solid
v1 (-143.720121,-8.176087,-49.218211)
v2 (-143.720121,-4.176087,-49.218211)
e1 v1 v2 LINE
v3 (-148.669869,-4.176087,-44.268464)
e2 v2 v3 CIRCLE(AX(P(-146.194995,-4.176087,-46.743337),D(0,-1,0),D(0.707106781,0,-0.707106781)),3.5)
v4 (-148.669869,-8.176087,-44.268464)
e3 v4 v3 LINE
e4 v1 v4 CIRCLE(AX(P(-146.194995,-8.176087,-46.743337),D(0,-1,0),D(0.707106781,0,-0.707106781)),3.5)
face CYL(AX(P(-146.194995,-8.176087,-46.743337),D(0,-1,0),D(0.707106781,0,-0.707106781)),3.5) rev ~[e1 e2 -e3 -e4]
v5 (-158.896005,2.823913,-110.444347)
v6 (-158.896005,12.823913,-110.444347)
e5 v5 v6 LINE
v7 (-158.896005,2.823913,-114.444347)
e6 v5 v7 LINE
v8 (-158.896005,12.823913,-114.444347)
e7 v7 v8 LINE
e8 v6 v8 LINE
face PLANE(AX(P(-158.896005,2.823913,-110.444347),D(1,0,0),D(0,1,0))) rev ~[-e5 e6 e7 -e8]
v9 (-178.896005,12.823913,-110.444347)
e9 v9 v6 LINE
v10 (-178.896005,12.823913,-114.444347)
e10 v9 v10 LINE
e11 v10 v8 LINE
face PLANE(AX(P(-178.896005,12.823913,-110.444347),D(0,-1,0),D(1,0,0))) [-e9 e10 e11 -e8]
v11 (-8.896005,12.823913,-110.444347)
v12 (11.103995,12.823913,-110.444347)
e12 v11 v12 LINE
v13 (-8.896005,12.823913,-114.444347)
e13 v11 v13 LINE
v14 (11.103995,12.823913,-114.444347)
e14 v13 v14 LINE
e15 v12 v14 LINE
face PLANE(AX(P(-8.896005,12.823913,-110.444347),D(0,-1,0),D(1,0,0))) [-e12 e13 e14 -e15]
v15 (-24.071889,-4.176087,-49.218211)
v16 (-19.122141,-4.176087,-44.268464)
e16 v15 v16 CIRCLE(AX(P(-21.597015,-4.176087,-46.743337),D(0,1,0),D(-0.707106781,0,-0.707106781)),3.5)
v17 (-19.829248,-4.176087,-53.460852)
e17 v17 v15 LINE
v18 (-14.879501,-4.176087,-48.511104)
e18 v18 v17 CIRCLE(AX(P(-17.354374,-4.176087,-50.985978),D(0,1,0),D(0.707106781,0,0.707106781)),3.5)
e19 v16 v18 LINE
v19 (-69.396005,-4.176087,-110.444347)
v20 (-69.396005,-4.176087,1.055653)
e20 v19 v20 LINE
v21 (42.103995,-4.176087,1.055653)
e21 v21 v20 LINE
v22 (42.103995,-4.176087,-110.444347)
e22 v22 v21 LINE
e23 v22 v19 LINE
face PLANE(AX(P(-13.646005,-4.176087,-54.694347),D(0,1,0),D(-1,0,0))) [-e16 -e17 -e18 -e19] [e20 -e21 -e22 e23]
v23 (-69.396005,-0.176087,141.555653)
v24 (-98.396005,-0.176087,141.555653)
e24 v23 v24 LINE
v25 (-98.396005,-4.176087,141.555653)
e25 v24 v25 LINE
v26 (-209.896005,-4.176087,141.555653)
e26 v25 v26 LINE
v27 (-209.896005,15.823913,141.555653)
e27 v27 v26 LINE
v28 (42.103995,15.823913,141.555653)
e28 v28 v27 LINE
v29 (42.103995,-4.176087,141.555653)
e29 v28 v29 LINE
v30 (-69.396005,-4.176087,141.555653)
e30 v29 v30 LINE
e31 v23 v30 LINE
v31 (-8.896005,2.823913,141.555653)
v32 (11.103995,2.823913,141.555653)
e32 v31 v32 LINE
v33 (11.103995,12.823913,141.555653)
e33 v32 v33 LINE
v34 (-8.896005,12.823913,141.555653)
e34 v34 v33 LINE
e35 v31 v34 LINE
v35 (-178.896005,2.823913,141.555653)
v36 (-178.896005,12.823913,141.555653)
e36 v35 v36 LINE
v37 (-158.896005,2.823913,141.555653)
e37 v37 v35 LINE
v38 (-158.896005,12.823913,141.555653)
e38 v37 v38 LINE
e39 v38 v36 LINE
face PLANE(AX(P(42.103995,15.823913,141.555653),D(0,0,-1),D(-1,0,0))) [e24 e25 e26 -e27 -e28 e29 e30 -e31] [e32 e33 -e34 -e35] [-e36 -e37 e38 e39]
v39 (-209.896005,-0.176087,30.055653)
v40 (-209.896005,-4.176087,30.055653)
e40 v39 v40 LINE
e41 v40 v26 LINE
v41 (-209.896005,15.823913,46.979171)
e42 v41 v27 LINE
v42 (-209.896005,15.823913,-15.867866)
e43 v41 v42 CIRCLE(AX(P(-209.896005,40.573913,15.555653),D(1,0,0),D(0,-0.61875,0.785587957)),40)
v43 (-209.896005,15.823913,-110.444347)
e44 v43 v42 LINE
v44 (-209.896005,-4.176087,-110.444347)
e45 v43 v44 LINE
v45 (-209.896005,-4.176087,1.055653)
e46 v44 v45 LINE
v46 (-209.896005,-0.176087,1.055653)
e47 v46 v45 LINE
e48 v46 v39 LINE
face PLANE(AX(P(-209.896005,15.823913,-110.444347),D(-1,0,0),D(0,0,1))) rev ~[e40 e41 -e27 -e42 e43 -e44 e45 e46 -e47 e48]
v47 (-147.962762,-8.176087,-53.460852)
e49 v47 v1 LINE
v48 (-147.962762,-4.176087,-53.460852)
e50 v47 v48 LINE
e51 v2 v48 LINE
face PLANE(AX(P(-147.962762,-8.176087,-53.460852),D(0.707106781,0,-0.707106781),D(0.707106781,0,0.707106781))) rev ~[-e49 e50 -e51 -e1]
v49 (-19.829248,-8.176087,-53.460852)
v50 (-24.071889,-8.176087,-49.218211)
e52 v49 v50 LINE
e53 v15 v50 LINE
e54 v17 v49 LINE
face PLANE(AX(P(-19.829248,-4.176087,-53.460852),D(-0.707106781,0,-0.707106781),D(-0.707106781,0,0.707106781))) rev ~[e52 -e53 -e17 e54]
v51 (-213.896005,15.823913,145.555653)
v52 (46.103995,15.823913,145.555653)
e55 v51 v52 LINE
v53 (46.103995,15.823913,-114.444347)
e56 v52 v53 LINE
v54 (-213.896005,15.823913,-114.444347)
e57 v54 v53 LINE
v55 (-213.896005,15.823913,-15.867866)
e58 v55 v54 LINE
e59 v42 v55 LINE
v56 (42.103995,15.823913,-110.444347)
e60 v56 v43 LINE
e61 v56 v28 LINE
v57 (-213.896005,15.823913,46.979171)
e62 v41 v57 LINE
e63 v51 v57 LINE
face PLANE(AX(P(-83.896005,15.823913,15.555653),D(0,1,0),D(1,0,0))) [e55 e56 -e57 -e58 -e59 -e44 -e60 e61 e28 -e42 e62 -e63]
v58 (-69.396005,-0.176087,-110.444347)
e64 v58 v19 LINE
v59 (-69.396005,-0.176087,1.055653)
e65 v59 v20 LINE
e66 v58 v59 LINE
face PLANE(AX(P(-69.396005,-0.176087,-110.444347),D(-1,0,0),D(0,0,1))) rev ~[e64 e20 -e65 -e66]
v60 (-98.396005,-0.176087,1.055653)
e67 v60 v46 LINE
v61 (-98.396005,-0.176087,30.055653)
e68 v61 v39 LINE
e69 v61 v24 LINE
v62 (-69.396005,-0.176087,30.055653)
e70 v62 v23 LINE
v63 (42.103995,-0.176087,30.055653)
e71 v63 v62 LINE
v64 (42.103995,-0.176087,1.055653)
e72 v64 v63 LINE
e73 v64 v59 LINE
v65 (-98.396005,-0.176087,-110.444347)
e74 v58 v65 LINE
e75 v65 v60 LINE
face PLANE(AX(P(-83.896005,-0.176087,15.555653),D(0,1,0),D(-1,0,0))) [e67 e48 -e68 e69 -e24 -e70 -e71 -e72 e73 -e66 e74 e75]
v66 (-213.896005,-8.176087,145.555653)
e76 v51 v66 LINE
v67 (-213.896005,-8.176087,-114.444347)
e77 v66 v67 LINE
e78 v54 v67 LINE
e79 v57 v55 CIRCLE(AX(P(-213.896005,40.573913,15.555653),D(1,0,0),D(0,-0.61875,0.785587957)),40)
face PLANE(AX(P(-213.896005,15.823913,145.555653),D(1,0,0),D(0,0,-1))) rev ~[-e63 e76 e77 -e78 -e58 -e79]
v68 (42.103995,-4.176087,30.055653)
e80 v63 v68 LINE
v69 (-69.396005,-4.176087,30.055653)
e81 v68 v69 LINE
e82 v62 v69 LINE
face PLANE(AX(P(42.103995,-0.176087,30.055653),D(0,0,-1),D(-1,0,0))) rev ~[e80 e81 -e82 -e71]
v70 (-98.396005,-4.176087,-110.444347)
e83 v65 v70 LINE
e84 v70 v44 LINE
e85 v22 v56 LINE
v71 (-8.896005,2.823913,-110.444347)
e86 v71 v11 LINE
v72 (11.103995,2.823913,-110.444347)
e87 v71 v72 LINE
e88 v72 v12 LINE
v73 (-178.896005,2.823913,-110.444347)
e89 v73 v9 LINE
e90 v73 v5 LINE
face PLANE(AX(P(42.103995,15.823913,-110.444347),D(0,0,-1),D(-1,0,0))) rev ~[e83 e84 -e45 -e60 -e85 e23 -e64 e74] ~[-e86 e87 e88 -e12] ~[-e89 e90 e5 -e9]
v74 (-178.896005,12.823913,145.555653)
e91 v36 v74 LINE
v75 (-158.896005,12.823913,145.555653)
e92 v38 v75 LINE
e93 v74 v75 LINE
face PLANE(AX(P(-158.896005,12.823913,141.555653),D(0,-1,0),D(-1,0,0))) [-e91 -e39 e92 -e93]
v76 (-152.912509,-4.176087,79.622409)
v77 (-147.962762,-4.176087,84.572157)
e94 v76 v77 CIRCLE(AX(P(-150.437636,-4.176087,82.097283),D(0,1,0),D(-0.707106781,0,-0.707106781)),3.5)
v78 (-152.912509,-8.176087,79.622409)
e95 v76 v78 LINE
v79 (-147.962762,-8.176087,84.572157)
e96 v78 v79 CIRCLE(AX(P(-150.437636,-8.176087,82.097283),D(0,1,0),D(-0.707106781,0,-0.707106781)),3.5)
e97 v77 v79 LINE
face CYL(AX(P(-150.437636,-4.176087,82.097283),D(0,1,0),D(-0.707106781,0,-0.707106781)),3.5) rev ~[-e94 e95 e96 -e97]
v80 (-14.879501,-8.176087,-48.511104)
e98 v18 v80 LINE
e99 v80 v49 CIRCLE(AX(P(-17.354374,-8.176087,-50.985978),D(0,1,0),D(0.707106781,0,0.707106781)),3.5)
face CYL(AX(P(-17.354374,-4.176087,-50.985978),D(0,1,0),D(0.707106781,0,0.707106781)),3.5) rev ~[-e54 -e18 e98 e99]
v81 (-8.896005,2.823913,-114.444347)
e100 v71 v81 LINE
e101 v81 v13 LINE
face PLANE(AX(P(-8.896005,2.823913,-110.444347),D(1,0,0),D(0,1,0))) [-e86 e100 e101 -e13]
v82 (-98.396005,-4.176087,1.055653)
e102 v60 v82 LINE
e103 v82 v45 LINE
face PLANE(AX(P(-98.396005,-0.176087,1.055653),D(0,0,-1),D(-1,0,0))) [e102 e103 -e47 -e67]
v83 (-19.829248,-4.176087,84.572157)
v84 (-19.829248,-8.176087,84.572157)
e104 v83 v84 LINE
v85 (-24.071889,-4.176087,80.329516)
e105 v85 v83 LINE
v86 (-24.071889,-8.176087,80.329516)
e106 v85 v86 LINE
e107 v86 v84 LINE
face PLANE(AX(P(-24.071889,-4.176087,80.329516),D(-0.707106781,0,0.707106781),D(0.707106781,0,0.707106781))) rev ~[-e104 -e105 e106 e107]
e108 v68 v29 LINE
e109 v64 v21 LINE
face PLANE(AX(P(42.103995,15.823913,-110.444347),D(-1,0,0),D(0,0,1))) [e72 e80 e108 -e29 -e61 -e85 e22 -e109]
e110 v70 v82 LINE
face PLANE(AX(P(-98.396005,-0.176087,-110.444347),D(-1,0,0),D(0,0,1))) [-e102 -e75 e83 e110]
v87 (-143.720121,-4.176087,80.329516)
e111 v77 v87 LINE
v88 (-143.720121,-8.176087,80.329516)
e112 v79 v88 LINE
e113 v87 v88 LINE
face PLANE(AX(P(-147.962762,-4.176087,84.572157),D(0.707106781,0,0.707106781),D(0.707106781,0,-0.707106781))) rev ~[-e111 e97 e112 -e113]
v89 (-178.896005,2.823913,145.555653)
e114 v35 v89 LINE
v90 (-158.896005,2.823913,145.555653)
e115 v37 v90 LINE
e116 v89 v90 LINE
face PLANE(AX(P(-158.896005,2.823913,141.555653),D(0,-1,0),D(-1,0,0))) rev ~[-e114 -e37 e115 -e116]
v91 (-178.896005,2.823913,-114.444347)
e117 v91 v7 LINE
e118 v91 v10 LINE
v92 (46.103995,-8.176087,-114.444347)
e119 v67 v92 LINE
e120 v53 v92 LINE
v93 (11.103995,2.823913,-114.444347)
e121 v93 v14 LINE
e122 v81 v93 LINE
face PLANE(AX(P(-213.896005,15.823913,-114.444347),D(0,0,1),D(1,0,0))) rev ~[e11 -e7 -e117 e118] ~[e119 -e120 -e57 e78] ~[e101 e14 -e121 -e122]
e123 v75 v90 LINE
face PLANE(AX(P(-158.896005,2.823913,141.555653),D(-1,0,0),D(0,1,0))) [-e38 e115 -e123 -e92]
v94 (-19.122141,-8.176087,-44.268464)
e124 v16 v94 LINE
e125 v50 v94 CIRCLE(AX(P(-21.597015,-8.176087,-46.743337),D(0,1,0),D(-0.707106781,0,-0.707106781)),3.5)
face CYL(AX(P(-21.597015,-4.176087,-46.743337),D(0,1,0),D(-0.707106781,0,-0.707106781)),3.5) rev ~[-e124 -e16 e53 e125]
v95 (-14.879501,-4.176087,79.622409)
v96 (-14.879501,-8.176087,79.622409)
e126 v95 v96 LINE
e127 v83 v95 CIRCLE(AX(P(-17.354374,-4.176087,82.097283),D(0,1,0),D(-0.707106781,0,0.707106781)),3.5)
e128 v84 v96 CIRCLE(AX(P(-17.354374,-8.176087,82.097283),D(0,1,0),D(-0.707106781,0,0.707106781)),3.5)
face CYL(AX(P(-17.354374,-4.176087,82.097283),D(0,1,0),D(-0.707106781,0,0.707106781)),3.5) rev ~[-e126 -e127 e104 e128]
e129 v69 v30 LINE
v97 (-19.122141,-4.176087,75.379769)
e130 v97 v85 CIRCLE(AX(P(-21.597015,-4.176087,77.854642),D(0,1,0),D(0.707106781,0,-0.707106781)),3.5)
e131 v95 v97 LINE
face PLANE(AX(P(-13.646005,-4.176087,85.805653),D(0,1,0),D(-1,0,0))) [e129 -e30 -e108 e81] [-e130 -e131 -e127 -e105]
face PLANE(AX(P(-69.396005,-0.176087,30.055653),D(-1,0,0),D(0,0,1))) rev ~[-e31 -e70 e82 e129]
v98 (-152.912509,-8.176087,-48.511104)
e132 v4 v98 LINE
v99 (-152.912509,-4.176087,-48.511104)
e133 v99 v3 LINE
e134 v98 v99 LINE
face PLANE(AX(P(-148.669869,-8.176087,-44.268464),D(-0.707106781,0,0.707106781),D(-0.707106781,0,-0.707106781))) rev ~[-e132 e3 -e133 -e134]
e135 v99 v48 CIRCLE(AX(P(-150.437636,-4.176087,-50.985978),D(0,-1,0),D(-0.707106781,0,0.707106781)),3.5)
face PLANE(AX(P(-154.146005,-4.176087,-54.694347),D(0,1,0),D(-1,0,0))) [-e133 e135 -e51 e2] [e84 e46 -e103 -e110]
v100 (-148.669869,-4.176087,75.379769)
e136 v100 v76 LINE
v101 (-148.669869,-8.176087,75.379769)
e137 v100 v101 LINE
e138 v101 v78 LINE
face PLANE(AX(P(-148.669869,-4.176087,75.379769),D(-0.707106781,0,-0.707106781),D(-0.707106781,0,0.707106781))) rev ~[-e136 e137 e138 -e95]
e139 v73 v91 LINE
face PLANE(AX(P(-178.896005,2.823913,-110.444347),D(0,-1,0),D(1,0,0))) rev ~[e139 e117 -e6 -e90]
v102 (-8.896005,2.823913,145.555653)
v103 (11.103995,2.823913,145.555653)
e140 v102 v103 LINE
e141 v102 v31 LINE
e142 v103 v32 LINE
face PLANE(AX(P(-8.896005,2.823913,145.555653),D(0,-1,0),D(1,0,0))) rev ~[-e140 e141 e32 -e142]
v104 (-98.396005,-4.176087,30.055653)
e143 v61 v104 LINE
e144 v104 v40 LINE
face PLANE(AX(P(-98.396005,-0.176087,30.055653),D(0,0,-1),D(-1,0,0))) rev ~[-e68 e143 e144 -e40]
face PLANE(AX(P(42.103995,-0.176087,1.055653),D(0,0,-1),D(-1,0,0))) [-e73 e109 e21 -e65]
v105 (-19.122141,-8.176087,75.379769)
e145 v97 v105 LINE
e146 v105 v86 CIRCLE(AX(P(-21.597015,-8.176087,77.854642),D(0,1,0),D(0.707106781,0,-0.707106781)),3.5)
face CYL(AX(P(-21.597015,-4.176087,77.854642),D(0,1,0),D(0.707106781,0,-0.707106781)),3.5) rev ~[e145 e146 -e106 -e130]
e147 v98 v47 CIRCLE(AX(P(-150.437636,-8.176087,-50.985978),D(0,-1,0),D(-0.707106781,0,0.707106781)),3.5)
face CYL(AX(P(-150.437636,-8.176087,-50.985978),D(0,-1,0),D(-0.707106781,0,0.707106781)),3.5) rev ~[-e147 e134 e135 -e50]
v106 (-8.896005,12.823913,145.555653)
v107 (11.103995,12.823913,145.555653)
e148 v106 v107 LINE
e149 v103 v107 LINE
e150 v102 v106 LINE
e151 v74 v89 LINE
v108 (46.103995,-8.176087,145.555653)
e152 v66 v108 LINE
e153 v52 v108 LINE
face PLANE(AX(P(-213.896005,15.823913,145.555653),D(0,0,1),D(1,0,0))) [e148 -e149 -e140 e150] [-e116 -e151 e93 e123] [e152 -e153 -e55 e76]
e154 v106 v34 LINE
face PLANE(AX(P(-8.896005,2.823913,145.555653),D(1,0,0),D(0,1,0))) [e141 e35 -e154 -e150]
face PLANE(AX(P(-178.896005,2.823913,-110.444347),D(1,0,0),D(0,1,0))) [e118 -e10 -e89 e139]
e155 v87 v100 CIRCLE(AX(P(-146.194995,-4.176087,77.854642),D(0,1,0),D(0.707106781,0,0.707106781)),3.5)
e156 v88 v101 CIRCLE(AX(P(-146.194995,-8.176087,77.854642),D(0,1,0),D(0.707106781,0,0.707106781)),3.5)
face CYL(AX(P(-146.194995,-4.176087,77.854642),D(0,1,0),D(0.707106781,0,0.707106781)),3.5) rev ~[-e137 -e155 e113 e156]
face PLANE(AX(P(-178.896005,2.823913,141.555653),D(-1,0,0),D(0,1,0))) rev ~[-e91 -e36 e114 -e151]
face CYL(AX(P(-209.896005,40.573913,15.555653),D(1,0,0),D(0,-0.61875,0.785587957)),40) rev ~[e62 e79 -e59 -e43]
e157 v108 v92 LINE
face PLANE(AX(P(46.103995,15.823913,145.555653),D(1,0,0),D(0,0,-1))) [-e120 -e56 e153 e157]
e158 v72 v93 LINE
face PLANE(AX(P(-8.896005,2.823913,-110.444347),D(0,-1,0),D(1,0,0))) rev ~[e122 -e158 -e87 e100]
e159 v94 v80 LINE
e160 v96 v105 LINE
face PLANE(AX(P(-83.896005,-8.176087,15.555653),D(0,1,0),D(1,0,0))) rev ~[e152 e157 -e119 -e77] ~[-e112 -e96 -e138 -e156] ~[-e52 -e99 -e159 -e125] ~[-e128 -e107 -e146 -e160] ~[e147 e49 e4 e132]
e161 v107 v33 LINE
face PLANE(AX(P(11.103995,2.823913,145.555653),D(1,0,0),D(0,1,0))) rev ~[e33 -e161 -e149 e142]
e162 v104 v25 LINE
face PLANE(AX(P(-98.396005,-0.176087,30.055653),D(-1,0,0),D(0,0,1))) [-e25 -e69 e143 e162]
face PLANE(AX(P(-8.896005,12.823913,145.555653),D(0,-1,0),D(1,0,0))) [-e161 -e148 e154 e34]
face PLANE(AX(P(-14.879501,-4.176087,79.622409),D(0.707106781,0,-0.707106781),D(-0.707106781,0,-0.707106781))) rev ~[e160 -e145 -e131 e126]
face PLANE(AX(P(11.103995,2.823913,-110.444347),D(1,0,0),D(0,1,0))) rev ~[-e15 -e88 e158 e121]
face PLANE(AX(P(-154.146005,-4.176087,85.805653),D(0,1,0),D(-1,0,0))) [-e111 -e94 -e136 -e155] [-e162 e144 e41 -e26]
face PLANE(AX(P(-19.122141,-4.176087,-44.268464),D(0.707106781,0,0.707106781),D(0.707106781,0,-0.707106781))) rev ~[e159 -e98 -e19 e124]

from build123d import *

# Parameters (mm, degrees)
SKETCH1_W           = 260
SKETCH1_H           = 260
BOSS_EXTRUDE1_DEPTH = 24
SKETCH2_W           = 252
SKETCH2_H           = 252
CUT_EXTRUDE1_DEPTH  = 16
SKETCH3_W           = 111.5
SKETCH3_H           = 111.5
CUT_EXTRUDE2_DEPTH  = 4
SKETCH4_W           = 111.5
SKETCH4_H           = 111.5
CUT_EXTRUDE3_DEPTH  = 4
SKETCH5_W           = 111.5
SKETCH5_H           = 111.5
CUT_EXTRUDE4_DEPTH  = 4
SKETCH6_W           = 111.5
SKETCH6_H           = 111.5
CUT_EXTRUDE5_DEPTH  = 4
CUT_EXTRUDE6_DEPTH  = 295.911587107
SKETCH8_W           = 20
SKETCH8_H           = 10
CUT_EXTRUDE7_DEPTH  = 334.972898877
CUT_EXTRUDE8_DEPTH  = 260.495566311
CUT_EXTRUDE9_DEPTH  = 260.495566311
CUT_EXTRUDE10_REACH = 339.049
SKETCH11_W          = 20
SKETCH11_H          = 10
SKETCH12_W          = 20
SKETCH12_H          = 10
CUT_EXTRUDE11_DEPTH = 334.972898877
CUT_EXTRUDE12_DEPTH = 260.495566311
SKETCH14_W          = 20
SKETCH14_H          = 10
CUT_EXTRUDE13_DEPTH = 334.972898877
CUT_EXTRUDE14_DEPTH = 260.834464487


with BuildPart() as part:
    # Sketch1 → Boss-Extrude1 (new body)
    with BuildSketch(Plane(origin=(0, 15.823913221, 0), x_dir=(1, 0, 0), z_dir=(0, 1, 0))):
        with Locations((-83.896005, -15.555652519)):
            Rectangle(SKETCH1_W, SKETCH1_H)
    extrude(amount=-BOSS_EXTRUDE1_DEPTH)

    # Sketch2 → Cut-Extrude1 (cut)
    with BuildSketch(Plane(origin=(0, 15.823913221, 0), x_dir=(-1, 0, 0), z_dir=(0, 1, 0))):
        with Locations((83.896005, 15.555652519)):
            Rectangle(SKETCH2_W, SKETCH2_H)
    extrude(amount=-CUT_EXTRUDE1_DEPTH, mode=Mode.SUBTRACT)

    # Sketch3 → Cut-Extrude2 (cut)
    with BuildSketch(Plane(origin=(0, -0.176086779, 0), x_dir=(-1, 0, 0), z_dir=(0, 1, 0))):
        with Locations((13.646005, 85.805652519)):
            Rectangle(SKETCH3_W, SKETCH3_H)
    extrude(amount=-CUT_EXTRUDE2_DEPTH, mode=Mode.SUBTRACT)

    # Sketch4 → Cut-Extrude3 (cut)
    with BuildSketch(Plane(origin=(0, -0.176086779, 0), x_dir=(-1, 0, 0), z_dir=(0, 1, 0))):
        with Locations((154.146005, 85.805652519)):
            Rectangle(SKETCH4_W, SKETCH4_H)
    extrude(amount=-CUT_EXTRUDE3_DEPTH, mode=Mode.SUBTRACT)

    # Sketch5 → Cut-Extrude4 (cut)
    with BuildSketch(Plane(origin=(0, -0.176086779, 0), x_dir=(-1, 0, 0), z_dir=(0, 1, 0))):
        with Locations((154.146005, -54.694347481)):
            Rectangle(SKETCH5_W, SKETCH5_H)
    extrude(amount=-CUT_EXTRUDE4_DEPTH, mode=Mode.SUBTRACT)

    # Sketch6 → Cut-Extrude5 (cut)
    with BuildSketch(Plane(origin=(0, -0.176086779, 0), x_dir=(-1, 0, 0), z_dir=(0, 1, 0))):
        with Locations((13.646005, -54.694347481)):
            Rectangle(SKETCH6_W, SKETCH6_H)
    extrude(amount=-CUT_EXTRUDE5_DEPTH, mode=Mode.SUBTRACT)

    # Sketch7 → Cut-Extrude6 (cut, through all)
    with BuildSketch(Plane(origin=(-209.896005, 0, 0), x_dir=(0, 0, -1), z_dir=(1, 0, 0))):
        with BuildLine():
            Line((15.867865744, 15.823913221), (-46.979170782, 15.823913221))
            ThreePointArc((-46.979170782, 15.823913221), (-15.555652519, 0.573913221), (15.867865744, 15.823913221))
        make_face()
    extrude(amount=-CUT_EXTRUDE6_DEPTH, mode=Mode.SUBTRACT)

    # Sketch8 → Cut-Extrude7 (cut, through all)
    with BuildSketch(Plane(origin=(0, 0, 141.555652519), x_dir=(-1, 0, 0), z_dir=(0, 0, -1))):
        with Locations((168.896005, 7.823913221)):
            Rectangle(SKETCH8_W, SKETCH8_H)
    extrude(amount=-CUT_EXTRUDE7_DEPTH, mode=Mode.SUBTRACT)

    # Sketch9 → Cut-Extrude8 (cut, through all)
    with BuildSketch(Plane(origin=(0, -4.176086779, 0), x_dir=(-1, 0, 0), z_dir=(0, 1, 0))):
        with BuildLine():
            Line((24.071888861, 80.329516126), (19.829248174, 84.572156814))
            ThreePointArc((19.829248174, 84.572156814), (14.879500705, 84.572156814), (14.879500705, 79.622409345))
            Line((14.879500705, 79.622409345), (19.122141392, 75.379768658))
            ThreePointArc((19.122141392, 75.379768658), (24.071888861, 75.379768658), (24.071888861, 80.329516126))
        make_face()
    extrude(amount=-CUT_EXTRUDE8_DEPTH, mode=Mode.SUBTRACT)

    # Sketch10 → Cut-Extrude9 (cut, through all)
    with BuildSketch(Plane(origin=(0, -4.176086779, 0), x_dir=(-1, 0, 0), z_dir=(0, 1, 0))):
        with BuildLine():
            Line((147.962761826, 84.572156814), (143.720121139, 80.329516126))
            ThreePointArc((143.720121139, 80.329516126), (143.720121139, 75.379768658), (148.669868607, 75.379768658))
            Line((148.669868607, 75.379768658), (152.912509294, 79.622409345))
            ThreePointArc((152.912509294, 79.622409345), (152.912509294, 84.572156814), (147.962761826, 84.572156814))
        make_face()
    extrude(amount=-CUT_EXTRUDE9_DEPTH, mode=Mode.SUBTRACT)

    # Sketch11 → Cut-Extrude10 (cut, up to next)
    with BuildSketch(Plane.XY.offset(145.555652519), mode=Mode.PRIVATE) as cut_extrude10_sk1:
        with Locations((1.103995, 7.823913221)):
            Rectangle(SKETCH11_W, SKETCH11_H)
    cut_extrude10_tool1 = extrude(cut_extrude10_sk1.sketch, amount=-CUT_EXTRUDE10_REACH, mode=Mode.PRIVATE) & part.part
    add(cut_extrude10_tool1.solids().sort_by_distance((1.103995, 7.823913, 145.555653))[0], mode=Mode.SUBTRACT)

    # Sketch12 → Cut-Extrude11 (cut, through all)
    with BuildSketch(Plane.XY.offset(-110.444347481)):
        with Locations((-168.896005, 7.823913221)):
            Rectangle(SKETCH12_W, SKETCH12_H)
    extrude(amount=-CUT_EXTRUDE11_DEPTH, mode=Mode.SUBTRACT)

    # Sketch13 → Cut-Extrude12 (cut, through all)
    with BuildSketch(Plane(origin=(0, -4.176086779, 0), x_dir=(-1, 0, 0), z_dir=(0, 1, 0))):
        with BuildLine():
            Line((19.829248174, -53.460851775), (24.071888861, -49.218211088))
            ThreePointArc((24.071888861, -49.218211088), (24.071888861, -44.26846362), (19.122141392, -44.26846362))
            Line((19.122141392, -44.26846362), (14.879500705, -48.511104307))
            ThreePointArc((14.879500705, -48.511104307), (14.879500705, -53.460851775), (19.829248174, -53.460851775))
        make_face()
    extrude(amount=-CUT_EXTRUDE12_DEPTH, mode=Mode.SUBTRACT)

    # Sketch14 → Cut-Extrude13 (cut, through all)
    with BuildSketch(Plane.XY.offset(-110.444347481)):
        with Locations((1.103995, 7.823913221)):
            Rectangle(SKETCH14_W, SKETCH14_H)
    extrude(amount=-CUT_EXTRUDE13_DEPTH, mode=Mode.SUBTRACT)

    # Sketch15 → Cut-Extrude14 (cut, through all)
    with BuildSketch(Plane.XZ.offset(8.176086779)):
        with BuildLine():
            Line((-148.669868607, -44.26846362), (-152.912509294, -48.511104307))
            ThreePointArc((-152.912509294, -48.511104307), (-152.912509294, -53.460851775), (-147.962761826, -53.460851775))
            Line((-147.962761826, -53.460851775), (-143.720121139, -49.218211088))
            ThreePointArc((-143.720121139, -49.218211088), (-143.720121139, -44.26846362), (-148.669868607, -44.26846362))
        make_face()
    extrude(amount=-CUT_EXTRUDE14_DEPTH, mode=Mode.SUBTRACT)


solid = part.part
